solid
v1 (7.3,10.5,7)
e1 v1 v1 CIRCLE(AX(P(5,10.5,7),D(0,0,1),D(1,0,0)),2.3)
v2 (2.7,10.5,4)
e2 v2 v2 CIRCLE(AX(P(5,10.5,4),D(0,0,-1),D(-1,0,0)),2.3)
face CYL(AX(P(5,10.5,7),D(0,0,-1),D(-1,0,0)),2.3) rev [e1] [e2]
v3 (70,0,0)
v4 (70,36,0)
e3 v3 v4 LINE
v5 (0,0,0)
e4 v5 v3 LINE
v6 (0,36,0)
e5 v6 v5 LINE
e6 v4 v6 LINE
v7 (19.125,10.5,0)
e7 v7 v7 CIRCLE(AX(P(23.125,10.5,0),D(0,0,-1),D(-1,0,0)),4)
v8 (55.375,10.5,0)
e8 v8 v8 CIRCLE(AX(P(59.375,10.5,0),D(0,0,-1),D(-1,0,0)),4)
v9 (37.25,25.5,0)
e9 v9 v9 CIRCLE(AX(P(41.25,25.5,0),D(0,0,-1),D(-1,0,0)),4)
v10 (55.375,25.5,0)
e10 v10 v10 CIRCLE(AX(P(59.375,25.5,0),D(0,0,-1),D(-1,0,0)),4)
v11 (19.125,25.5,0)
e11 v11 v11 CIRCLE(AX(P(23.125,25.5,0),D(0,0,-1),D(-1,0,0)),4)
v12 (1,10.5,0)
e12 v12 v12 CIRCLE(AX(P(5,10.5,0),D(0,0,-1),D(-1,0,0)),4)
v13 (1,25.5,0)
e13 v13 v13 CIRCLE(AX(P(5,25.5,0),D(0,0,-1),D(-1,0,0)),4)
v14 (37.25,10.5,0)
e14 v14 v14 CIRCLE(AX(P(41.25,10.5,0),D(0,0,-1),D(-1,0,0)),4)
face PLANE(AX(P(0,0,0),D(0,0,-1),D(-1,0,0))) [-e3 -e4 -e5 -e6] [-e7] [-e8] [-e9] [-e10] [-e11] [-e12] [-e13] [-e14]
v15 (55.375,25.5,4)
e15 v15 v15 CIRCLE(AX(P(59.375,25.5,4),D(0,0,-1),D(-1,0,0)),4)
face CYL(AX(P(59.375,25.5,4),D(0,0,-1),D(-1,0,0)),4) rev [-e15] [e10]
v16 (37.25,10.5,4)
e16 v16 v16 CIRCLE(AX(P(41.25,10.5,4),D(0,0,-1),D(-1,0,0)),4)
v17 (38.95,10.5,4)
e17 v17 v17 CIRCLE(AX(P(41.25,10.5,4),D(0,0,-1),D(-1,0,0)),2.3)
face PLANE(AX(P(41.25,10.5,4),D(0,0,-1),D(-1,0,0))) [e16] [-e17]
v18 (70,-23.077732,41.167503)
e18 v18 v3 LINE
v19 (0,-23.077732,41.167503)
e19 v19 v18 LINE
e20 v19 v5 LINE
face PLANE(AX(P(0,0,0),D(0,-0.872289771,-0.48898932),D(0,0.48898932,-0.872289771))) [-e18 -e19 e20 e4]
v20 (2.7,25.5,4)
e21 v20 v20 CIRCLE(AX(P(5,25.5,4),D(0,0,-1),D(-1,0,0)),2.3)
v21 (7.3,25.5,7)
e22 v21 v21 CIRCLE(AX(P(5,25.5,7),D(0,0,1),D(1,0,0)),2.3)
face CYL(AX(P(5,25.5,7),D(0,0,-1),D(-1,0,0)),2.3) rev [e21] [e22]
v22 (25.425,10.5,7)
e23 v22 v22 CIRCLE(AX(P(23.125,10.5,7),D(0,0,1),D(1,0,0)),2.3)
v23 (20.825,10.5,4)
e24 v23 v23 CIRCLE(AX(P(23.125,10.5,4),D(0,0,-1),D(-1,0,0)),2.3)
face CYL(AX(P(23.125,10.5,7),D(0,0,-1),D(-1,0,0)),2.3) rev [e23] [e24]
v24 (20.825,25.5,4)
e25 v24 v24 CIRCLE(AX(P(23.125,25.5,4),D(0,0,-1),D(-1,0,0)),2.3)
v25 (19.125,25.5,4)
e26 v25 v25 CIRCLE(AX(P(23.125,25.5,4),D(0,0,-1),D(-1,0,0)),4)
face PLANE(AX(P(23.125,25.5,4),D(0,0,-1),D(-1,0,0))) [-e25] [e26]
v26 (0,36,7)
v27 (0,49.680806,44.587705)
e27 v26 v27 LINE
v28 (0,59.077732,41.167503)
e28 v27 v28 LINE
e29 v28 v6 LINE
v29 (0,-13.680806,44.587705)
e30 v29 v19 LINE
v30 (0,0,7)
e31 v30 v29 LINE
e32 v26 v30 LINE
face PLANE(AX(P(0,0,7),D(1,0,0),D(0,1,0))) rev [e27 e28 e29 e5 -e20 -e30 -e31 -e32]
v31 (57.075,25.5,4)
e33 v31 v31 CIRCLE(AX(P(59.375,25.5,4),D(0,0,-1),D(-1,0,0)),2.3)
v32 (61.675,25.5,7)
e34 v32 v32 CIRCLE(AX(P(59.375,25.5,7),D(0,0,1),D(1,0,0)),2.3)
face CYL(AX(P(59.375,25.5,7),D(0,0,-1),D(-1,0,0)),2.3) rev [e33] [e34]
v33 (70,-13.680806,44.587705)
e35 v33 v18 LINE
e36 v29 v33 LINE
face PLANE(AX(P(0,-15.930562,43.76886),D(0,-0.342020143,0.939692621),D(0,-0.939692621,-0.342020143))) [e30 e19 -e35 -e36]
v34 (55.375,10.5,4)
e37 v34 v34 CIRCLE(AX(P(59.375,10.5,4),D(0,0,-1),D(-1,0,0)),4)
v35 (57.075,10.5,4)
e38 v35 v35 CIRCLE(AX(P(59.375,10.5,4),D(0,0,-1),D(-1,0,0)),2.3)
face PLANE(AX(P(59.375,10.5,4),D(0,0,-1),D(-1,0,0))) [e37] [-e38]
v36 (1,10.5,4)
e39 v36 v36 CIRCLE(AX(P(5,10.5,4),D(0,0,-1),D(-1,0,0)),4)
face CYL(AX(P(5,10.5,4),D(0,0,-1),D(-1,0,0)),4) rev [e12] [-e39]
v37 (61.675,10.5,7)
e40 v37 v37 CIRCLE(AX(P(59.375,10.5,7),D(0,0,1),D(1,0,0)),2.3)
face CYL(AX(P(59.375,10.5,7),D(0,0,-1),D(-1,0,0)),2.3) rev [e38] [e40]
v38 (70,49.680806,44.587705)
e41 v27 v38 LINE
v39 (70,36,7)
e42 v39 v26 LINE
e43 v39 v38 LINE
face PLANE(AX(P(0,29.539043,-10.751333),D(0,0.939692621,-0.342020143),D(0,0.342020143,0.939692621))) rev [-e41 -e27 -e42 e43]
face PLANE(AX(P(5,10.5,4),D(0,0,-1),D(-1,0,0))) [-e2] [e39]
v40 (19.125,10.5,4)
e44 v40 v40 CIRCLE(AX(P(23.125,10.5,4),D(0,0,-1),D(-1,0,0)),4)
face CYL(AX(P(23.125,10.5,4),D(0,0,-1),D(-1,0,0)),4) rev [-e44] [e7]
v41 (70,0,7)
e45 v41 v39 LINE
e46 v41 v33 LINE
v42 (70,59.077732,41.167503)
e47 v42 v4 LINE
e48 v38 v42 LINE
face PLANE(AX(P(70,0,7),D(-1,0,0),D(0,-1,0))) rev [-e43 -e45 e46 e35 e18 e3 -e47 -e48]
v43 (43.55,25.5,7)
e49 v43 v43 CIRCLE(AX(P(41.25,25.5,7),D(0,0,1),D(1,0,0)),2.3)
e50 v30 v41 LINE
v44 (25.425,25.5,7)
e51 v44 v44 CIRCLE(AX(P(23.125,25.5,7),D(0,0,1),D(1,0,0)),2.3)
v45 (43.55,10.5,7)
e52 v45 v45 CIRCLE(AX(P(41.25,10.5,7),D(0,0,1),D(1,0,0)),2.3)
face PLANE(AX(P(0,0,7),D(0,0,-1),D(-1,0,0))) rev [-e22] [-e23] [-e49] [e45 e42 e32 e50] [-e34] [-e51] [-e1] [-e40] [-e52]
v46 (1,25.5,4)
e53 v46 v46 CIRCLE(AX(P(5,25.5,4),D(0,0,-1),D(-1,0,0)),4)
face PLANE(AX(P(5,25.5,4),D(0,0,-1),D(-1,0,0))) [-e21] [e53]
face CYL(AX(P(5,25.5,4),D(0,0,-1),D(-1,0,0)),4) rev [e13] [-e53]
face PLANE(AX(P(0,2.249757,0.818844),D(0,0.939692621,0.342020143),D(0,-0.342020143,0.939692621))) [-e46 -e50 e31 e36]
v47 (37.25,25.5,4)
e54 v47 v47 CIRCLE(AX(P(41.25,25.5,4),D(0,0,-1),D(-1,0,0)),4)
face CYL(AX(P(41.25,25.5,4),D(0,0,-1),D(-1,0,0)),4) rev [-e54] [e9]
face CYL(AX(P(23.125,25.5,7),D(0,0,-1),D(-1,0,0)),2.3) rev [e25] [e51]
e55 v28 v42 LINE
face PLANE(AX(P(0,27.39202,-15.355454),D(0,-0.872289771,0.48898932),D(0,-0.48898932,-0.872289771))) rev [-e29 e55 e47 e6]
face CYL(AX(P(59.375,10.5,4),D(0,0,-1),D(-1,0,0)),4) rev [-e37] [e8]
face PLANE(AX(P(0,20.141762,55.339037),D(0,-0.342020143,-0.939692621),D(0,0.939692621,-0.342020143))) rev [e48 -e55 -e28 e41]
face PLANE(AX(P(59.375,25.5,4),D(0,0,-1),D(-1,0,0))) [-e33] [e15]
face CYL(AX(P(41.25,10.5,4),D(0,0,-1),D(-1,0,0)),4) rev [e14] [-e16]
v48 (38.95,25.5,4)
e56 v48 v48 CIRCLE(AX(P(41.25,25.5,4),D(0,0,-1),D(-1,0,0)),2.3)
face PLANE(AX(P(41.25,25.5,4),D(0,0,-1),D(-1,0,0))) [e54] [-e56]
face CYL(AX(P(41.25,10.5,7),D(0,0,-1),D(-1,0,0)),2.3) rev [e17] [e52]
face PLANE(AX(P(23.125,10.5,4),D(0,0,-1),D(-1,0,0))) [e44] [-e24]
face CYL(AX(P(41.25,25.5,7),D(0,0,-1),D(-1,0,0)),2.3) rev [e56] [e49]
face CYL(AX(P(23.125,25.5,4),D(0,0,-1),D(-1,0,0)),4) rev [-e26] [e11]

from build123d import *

# Parameters (mm, degrees)
ESQUISSE1_W             = 70
ESQUISSE1_H             = 36
ESQUISSE1_R             = 2.3
BOSS_EXTRU_1_DEPTH      = 7
ESQUISSE2_R             = 4
ENL_V_MAT_EXTRU_1_DEPTH = 4
BOSS_EXTRU_2_DEPTH      = 70


with BuildPart() as part:
    # Esquisse1 → Boss.-Extru.1 (new body)
    with BuildSketch(Plane.XY):
        with Locations((35, 18)):
            Rectangle(ESQUISSE1_W, ESQUISSE1_H)
        with Locations((5, 25.5)):
            Circle(ESQUISSE1_R, mode=Mode.SUBTRACT)
        with Locations((5, 10.5)):
            Circle(ESQUISSE1_R, mode=Mode.SUBTRACT)
        with Locations((23.125, 25.5)):
            Circle(ESQUISSE1_R, mode=Mode.SUBTRACT)
        with Locations((23.125, 10.5)):
            Circle(ESQUISSE1_R, mode=Mode.SUBTRACT)
        with Locations((41.25, 25.5)):
            Circle(ESQUISSE1_R, mode=Mode.SUBTRACT)
        with Locations((41.25, 10.5)):
            Circle(ESQUISSE1_R, mode=Mode.SUBTRACT)
        with Locations((59.375, 25.5)):
            Circle(ESQUISSE1_R, mode=Mode.SUBTRACT)
        with Locations((59.375, 10.5)):
            Circle(ESQUISSE1_R, mode=Mode.SUBTRACT)
    extrude(amount=BOSS_EXTRU_1_DEPTH)

    # Esquisse2 → Enlèv. mat.-Extru.1 (cut)
    with BuildSketch(Plane(origin=(0, 0, 0), x_dir=(-1, 0, 0), z_dir=(0, 0, -1))):
        with Locations((-59.375, 25.5)):
            Circle(ESQUISSE2_R)
        with Locations((-41.25, 25.5)):
            Circle(ESQUISSE2_R)
        with Locations((-23.125, 25.5)):
            Circle(ESQUISSE2_R)
        with Locations((-5, 25.5)):
            Circle(ESQUISSE2_R)
        with Locations((-5, 10.5)):
            Circle(ESQUISSE2_R)
        with Locations((-23.125, 10.5)):
            Circle(ESQUISSE2_R)
        with Locations((-41.25, 10.5)):
            Circle(ESQUISSE2_R)
        with Locations((-59.375, 10.5)):
            Circle(ESQUISSE2_R)
    extrude(amount=-ENL_V_MAT_EXTRU_1_DEPTH, mode=Mode.SUBTRACT)

    # Esquisse3 → Boss.-Extru.2 (add)
    with BuildSketch(Plane(origin=(70, 0, 0), x_dir=(0, 0, -1), z_dir=(1, 0, 0))):
        Polygon((-41.167503398, 59.077731941), (0, 36), (-7, 36), (-44.587704831, 49.680805733), align=None)
        Polygon((-44.587704831, -13.680805733), (-41.167503398, -23.077731941), (0, 0), (-7, 0), align=None)
    extrude(amount=-BOSS_EXTRU_2_DEPTH)


solid = part.part
